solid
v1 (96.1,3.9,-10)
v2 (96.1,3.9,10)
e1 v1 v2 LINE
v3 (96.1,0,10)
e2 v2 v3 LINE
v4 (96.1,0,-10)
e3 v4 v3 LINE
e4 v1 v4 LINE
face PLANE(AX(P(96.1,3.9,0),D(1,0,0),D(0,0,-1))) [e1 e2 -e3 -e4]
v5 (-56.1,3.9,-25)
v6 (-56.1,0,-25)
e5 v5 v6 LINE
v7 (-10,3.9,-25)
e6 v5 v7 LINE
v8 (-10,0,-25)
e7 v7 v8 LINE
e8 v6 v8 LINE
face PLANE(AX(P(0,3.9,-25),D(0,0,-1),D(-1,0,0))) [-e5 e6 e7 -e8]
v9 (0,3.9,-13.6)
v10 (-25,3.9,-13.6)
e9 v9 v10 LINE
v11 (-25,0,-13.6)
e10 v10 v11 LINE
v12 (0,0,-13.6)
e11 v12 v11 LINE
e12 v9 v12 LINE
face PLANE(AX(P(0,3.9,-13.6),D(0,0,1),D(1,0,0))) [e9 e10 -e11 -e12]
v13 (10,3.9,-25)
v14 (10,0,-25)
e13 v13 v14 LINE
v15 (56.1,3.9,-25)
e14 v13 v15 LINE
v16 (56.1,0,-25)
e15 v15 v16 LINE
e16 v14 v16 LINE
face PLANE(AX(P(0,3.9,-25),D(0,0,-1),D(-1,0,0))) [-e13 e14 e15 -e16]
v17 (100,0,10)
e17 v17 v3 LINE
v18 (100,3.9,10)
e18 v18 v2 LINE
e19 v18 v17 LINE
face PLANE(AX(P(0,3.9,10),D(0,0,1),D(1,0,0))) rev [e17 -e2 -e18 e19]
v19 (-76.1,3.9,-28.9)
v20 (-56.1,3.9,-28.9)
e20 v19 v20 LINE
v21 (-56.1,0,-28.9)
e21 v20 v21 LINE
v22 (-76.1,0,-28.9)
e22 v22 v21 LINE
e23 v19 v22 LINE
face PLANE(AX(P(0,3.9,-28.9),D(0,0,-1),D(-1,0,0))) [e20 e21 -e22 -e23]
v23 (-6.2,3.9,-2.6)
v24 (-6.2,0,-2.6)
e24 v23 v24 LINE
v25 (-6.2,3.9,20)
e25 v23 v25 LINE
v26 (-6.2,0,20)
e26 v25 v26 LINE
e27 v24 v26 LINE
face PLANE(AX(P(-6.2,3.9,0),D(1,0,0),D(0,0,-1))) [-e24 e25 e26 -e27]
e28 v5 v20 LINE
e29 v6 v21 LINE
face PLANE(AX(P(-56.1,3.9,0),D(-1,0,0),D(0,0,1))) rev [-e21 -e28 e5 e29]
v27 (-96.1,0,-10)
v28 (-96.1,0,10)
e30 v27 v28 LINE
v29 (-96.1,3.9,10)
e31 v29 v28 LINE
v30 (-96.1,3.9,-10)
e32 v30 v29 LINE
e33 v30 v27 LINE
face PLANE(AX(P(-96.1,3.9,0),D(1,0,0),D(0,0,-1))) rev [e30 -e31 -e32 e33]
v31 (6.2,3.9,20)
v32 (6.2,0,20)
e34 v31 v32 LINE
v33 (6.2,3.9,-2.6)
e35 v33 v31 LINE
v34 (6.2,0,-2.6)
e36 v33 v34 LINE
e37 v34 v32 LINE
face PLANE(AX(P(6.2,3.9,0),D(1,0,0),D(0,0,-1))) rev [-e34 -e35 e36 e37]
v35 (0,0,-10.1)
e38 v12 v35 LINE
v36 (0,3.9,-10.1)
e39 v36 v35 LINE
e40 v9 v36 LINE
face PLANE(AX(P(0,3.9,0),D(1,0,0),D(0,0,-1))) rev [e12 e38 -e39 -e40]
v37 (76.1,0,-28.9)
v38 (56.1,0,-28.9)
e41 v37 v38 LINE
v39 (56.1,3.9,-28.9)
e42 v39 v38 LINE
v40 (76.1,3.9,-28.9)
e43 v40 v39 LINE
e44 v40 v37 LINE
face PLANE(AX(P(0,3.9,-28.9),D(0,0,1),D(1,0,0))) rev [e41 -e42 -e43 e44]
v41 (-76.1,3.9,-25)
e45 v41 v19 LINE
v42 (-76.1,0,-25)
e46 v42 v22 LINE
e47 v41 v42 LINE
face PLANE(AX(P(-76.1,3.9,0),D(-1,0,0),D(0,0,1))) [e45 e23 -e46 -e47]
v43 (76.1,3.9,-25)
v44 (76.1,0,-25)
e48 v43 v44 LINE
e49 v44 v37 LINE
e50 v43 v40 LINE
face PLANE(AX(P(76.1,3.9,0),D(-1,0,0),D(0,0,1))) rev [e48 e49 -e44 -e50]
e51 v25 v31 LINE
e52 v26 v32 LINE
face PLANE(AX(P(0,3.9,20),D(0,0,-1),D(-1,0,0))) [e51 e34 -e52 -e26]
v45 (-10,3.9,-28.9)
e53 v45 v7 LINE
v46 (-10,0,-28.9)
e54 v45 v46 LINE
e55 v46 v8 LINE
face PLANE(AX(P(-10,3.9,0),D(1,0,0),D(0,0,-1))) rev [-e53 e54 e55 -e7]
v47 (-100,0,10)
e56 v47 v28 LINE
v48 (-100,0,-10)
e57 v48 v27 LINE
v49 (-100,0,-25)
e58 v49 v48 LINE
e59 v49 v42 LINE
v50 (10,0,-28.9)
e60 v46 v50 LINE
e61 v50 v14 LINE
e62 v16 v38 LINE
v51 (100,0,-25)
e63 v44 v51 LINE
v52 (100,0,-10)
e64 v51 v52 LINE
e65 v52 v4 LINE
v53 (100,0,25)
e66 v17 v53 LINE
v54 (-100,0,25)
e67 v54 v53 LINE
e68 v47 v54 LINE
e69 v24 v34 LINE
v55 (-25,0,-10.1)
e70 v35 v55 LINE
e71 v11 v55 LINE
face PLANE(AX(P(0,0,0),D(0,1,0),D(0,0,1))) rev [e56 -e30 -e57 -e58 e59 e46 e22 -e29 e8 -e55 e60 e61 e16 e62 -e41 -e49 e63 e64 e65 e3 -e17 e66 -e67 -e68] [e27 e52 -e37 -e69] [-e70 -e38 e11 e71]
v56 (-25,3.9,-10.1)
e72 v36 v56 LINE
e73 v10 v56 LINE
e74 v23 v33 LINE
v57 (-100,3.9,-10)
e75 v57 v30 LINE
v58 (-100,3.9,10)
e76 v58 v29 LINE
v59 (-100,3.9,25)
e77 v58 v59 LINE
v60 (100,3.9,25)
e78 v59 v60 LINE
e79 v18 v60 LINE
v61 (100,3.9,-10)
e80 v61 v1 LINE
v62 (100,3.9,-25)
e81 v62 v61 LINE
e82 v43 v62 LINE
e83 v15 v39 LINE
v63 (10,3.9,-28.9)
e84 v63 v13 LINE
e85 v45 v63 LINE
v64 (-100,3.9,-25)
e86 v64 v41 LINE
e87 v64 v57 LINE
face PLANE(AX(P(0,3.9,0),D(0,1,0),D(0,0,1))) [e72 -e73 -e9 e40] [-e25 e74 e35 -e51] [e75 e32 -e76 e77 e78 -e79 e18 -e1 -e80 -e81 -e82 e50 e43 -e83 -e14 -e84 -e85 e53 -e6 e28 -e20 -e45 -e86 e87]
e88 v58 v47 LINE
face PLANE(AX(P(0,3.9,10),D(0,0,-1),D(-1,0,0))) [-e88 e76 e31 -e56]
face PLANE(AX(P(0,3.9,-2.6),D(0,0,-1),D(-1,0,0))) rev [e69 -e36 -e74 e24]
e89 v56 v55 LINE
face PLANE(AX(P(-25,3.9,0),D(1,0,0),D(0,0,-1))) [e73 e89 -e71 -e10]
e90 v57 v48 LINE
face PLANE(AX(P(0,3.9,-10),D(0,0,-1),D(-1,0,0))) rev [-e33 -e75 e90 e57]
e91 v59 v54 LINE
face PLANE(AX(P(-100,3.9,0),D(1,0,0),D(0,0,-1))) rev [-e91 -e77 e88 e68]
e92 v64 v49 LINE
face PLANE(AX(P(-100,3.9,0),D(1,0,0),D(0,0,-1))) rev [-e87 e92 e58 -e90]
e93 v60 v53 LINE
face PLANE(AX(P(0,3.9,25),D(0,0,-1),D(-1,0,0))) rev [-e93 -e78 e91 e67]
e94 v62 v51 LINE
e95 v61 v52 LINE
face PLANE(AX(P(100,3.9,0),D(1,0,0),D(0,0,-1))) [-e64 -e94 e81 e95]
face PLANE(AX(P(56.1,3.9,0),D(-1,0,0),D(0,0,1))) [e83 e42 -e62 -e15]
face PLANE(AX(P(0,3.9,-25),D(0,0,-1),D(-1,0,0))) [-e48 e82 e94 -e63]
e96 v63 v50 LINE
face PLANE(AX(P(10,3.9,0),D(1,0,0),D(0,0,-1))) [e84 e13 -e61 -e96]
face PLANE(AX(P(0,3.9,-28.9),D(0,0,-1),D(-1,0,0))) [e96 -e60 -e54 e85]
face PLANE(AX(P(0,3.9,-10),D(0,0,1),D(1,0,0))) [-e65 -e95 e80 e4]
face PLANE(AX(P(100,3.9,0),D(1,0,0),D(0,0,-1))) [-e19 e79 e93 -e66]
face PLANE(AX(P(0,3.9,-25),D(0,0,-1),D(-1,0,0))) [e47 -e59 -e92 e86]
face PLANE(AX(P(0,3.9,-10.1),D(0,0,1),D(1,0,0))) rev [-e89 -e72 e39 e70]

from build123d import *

# Parameters (mm, degrees)
SKETCH1_W           = 25
SKETCH1_H           = 3.5
BOSS_EXTRUDE1_DEPTH = 3.9
SKETCH1_3_W         = 12.4
SKETCH1_3_H         = 22.6
CUT_EXTRUDE3_DEPTH  = 4.9


with BuildPart() as part:
    # Sketch1 → Boss-Extrude1 (new body)
    with BuildSketch(Plane(origin=(0, 0, 0), x_dir=(1, 0, 0), z_dir=(0, 1, 0))):
        Polygon((-76.1, 25), (-100, 25), (-100, 10), (-96.1, 10), (-96.1, -10), (-100, -10), (-100, -25), (100, -25), (100, -10), (96.1, -10), (96.1, 10), (100, 10), (100, 25), (76.1, 25), (76.1, 28.9), (56.1, 28.9), (56.1, 25), (10, 25), (10, 28.9), (-10, 28.9), (-10, 25), (-56.1, 25), (-56.1, 28.9), (-76.1, 28.9), align=None)
        with Locations((-12.5, 11.85)):
            Rectangle(SKETCH1_W, SKETCH1_H, mode=Mode.SUBTRACT)
    extrude(amount=BOSS_EXTRUDE1_DEPTH)

    # Sketch1<3> → Cut-Extrude3 (cut, through all)
    with BuildSketch(Plane(origin=(0, 0, 0), x_dir=(1, 0, 0), z_dir=(0, 1, 0))):
        with Locations((0, -8.7)):
            Rectangle(SKETCH1_3_W, SKETCH1_3_H)
    extrude(amount=CUT_EXTRUDE3_DEPTH, mode=Mode.SUBTRACT)


solid = part.part
